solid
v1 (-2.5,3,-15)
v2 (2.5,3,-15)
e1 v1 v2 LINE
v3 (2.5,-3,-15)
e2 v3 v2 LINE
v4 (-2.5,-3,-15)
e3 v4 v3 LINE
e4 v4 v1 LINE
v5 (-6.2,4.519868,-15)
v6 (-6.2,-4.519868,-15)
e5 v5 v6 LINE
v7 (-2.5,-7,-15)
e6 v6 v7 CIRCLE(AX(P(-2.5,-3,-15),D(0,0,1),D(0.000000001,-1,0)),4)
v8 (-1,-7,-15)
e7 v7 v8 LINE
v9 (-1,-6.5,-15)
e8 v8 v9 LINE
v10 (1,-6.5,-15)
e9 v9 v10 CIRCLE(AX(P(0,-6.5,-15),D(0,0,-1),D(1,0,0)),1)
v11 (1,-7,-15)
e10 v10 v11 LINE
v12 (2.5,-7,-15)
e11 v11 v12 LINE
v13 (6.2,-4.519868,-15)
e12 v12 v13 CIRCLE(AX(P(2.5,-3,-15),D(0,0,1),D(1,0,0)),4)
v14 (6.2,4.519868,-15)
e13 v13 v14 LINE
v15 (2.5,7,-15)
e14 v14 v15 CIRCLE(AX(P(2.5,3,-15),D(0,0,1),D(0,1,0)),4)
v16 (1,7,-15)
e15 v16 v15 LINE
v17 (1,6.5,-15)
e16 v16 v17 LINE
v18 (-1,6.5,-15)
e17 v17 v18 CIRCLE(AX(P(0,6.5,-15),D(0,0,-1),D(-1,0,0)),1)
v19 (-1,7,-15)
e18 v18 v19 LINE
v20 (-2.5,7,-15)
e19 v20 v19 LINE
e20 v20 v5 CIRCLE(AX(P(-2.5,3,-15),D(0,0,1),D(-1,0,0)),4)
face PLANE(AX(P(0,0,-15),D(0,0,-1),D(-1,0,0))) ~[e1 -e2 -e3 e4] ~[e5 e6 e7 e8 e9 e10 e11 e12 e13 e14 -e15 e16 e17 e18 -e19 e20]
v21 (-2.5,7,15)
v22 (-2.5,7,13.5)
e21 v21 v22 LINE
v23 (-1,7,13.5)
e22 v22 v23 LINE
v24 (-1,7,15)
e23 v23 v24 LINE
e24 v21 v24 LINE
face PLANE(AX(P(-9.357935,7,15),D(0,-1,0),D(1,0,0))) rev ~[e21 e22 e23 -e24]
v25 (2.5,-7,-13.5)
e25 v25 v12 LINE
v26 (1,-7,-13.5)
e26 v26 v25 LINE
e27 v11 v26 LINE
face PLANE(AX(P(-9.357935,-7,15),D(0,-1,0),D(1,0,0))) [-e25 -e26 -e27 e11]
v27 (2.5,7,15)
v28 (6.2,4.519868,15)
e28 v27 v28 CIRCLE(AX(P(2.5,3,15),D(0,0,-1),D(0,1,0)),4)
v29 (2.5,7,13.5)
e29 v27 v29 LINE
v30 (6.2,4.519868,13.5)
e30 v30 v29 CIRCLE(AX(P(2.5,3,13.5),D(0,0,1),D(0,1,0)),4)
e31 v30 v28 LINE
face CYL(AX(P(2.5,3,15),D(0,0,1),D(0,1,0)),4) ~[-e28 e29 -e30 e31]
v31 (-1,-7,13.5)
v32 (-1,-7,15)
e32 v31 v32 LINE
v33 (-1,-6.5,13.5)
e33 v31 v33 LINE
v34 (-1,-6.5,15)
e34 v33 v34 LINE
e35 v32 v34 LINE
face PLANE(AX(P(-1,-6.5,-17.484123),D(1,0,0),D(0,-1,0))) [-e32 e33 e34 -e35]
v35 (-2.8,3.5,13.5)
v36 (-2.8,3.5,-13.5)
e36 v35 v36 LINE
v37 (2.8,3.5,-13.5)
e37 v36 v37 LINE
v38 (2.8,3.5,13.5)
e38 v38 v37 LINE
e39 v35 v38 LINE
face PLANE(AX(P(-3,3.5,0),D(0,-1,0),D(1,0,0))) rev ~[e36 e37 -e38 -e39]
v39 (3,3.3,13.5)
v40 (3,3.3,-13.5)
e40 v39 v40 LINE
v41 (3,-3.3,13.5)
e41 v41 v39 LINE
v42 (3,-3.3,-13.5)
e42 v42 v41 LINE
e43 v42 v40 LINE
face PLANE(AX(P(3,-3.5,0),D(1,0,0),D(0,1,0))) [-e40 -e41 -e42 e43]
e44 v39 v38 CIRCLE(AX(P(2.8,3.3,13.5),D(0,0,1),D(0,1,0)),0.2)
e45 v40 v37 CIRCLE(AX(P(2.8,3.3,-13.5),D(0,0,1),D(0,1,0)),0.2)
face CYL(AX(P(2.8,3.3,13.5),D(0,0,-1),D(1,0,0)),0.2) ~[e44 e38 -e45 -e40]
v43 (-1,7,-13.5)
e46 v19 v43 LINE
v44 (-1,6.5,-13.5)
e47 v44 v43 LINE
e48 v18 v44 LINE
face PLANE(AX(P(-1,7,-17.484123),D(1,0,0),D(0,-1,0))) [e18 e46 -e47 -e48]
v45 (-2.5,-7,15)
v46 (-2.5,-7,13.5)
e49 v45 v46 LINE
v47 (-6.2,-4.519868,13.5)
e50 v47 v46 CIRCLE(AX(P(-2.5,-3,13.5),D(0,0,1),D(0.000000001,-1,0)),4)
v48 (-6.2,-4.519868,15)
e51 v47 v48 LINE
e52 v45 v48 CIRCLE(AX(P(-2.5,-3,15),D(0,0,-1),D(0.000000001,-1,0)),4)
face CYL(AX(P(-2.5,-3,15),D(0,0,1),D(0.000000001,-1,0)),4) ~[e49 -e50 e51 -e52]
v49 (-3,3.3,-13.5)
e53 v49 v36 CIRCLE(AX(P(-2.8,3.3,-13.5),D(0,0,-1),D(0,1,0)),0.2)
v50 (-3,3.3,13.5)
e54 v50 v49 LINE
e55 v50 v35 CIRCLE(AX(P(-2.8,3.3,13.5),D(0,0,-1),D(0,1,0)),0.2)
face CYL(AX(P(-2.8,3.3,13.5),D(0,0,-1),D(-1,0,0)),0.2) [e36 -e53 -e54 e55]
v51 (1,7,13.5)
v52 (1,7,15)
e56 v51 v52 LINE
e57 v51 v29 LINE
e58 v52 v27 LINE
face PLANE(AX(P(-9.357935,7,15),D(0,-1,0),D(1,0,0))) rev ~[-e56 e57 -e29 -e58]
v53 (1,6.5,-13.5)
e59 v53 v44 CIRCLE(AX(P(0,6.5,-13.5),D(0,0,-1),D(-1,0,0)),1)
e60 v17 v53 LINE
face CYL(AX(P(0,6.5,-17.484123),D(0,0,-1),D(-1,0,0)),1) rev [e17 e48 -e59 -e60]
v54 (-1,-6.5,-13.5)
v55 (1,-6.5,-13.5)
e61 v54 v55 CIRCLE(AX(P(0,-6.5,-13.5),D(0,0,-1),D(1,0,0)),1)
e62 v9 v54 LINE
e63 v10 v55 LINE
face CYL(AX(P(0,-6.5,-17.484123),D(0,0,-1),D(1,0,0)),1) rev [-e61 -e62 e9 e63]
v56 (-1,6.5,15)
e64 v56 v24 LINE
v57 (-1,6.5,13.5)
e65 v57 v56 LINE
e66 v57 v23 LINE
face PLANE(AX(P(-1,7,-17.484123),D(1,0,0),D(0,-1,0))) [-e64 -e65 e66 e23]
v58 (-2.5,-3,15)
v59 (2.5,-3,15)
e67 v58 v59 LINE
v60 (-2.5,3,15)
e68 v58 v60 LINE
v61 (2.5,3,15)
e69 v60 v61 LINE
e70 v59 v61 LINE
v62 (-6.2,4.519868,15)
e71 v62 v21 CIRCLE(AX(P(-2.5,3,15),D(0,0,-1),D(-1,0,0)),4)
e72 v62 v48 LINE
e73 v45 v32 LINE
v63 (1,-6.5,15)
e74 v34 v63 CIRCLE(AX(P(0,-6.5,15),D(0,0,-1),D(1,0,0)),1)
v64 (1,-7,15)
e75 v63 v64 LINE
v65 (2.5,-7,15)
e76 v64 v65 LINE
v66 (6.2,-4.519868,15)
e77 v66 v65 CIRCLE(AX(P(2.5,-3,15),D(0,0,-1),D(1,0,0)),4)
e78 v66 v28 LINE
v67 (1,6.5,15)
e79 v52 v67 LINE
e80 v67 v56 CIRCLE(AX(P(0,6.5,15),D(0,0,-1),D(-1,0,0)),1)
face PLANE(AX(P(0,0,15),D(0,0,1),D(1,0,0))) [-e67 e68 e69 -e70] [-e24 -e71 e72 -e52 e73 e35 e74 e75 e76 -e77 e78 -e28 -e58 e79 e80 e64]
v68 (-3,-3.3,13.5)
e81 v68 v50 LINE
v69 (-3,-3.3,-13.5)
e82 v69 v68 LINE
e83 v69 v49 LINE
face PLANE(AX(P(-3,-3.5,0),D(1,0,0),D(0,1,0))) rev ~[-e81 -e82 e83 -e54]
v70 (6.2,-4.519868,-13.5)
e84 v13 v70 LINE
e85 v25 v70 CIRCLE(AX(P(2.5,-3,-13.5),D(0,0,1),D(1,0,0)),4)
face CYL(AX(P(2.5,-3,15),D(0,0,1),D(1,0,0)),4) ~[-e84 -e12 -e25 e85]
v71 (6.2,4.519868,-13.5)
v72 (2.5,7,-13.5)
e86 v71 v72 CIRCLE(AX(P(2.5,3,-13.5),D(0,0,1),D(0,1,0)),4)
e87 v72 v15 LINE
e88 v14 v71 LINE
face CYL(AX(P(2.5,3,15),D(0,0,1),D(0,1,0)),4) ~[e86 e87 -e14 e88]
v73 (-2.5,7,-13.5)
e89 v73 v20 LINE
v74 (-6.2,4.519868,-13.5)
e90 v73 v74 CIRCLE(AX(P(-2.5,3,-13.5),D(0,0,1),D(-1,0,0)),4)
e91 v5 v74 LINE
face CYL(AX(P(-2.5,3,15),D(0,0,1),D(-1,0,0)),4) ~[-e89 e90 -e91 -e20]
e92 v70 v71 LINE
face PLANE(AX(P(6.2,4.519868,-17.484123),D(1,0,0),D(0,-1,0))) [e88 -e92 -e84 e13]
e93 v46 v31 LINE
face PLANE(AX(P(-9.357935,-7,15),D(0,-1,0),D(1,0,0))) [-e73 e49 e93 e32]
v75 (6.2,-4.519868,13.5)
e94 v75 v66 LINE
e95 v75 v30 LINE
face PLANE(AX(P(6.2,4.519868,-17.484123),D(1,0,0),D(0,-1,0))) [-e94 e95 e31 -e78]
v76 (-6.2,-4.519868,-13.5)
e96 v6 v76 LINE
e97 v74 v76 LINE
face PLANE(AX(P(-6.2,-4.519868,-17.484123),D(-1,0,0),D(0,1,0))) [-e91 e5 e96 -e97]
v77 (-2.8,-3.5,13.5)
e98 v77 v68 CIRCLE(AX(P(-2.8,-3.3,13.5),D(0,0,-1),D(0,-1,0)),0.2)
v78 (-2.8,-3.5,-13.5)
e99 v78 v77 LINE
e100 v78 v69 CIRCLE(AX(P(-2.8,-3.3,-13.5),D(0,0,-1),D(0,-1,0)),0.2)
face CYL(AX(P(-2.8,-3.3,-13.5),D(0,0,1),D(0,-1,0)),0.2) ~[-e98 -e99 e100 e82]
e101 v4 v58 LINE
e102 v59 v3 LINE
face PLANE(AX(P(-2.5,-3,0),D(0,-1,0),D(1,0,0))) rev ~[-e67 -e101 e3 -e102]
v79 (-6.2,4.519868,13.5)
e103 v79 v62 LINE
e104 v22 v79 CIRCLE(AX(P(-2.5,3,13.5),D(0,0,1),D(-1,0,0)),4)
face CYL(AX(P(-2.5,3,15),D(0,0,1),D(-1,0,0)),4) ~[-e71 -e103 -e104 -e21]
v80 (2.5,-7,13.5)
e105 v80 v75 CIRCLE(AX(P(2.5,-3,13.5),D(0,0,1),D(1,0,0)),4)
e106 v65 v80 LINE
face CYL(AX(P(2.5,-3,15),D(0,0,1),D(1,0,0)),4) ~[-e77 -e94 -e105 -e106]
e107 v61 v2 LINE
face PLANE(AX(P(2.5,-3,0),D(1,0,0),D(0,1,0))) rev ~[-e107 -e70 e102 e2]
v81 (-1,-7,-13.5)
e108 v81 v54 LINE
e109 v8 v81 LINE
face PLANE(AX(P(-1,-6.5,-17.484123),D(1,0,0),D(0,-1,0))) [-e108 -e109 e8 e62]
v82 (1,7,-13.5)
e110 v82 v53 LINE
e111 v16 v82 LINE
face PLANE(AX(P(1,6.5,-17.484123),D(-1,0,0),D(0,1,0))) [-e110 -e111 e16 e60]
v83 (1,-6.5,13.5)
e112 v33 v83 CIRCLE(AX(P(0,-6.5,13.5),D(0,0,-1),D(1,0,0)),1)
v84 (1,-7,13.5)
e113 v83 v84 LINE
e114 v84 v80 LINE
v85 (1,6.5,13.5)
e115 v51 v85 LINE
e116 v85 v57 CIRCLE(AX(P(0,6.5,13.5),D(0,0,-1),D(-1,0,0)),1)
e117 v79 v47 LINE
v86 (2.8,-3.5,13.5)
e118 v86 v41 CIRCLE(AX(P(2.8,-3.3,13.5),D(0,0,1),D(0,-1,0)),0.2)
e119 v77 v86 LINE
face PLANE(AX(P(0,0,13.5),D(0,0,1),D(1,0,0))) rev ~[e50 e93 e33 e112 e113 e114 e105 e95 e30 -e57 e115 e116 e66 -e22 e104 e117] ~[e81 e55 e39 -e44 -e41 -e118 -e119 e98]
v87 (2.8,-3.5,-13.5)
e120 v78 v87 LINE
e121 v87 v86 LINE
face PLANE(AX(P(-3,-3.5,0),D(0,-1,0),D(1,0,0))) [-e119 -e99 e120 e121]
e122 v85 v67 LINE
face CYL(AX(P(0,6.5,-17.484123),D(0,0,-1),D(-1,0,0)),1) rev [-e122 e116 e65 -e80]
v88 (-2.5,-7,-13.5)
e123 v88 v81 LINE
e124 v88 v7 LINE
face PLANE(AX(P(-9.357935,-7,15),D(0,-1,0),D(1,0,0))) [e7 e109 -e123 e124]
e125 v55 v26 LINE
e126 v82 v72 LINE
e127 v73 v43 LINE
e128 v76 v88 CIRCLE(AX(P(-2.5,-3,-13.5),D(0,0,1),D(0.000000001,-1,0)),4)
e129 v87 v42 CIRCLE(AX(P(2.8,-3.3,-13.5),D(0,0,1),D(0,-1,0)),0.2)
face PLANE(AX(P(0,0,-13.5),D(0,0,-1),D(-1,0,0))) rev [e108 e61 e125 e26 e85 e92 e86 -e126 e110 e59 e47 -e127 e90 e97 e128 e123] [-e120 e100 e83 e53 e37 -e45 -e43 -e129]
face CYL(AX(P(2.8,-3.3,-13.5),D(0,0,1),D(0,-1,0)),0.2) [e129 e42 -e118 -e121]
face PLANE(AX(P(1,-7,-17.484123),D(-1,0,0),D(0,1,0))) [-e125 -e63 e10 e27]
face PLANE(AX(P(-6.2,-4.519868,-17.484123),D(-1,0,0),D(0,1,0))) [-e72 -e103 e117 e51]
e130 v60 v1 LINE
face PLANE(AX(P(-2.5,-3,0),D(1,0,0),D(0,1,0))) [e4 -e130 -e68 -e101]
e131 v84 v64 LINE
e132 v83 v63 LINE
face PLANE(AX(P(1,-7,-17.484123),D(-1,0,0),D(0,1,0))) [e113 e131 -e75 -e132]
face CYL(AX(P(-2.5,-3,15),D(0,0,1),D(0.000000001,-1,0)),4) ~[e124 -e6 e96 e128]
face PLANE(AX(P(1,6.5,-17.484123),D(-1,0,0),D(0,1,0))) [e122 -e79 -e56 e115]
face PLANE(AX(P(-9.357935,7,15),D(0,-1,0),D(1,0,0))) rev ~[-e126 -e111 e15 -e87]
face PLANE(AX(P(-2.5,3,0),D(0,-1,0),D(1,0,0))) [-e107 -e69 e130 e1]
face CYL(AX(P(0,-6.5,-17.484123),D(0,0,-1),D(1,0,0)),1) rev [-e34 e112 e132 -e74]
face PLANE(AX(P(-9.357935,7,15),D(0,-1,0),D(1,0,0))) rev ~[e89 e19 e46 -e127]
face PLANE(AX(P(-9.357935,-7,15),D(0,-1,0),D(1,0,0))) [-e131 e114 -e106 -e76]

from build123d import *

# Parameters (mm, degrees)
SKETCH_1_W               = 6
SKETCH_1_H               = 7
SKETCH_1_W_2             = 5
SKETCH_1_H_2             = 6
EXTRUDE_1_DEPTH          = 15
SKETCH_2_W               = 6
SKETCH_2_H               = 7
EXTRUDE_2_DEPTH          = 1.5
SKETCH_3_R               = 19.100398606
SKETCH_3_W               = 18.715870292
SKETCH_3_H               = 14
CUT_EXTRUDE_1_DEPTH      = 33.132538026
CUT_EXTRUDE_2_DEPTH      = 32.484122983
CUT_EXTRUDE_3_DEPTH      = 32.484122983
CUT_EXTRUDE_3_DEPTH_BACK = 32.484122983
FILLET_1_R               = 0.2


with BuildPart() as part:
    # 草图1 → 凸台-拉伸1 (new, symmetric)
    with BuildSketch(Plane.XY):
        Rectangle(SKETCH_1_W, SKETCH_1_H)
        Rectangle(SKETCH_1_W_2, SKETCH_1_H_2, mode=Mode.SUBTRACT)
    extrude(amount=EXTRUDE_1_DEPTH, both=True)

    # 草图2 → 凸台-拉伸2 (add)
    with BuildSketch(Plane.XY.offset(15)):
        with BuildLine():
            Line((-6.5, 6.92820323), (-6.5, -6.92820323))
            ThreePointArc((-6.5, -6.92820323), (0, -9.5), (6.5, -6.92820323))
            Line((6.5, -6.92820323), (6.5, 6.92820323))
            ThreePointArc((6.5, 6.92820323), (0, 9.5), (-6.5, 6.92820323))
        make_face()
        Rectangle(SKETCH_2_W, SKETCH_2_H, mode=Mode.SUBTRACT)
    extrude_2 = extrude(amount=-EXTRUDE_2_DEPTH)

    # 镜向1: 凸台-拉伸2 across plane
    add(extrude_2.mirror(Plane.XY))

    # 草图3 → 切除-拉伸1 (cut, through all)
    with BuildSketch(Plane.XY.offset(15)):
        Circle(SKETCH_3_R)
        Rectangle(SKETCH_3_W, SKETCH_3_H, mode=Mode.SUBTRACT)
    extrude(amount=-CUT_EXTRUDE_1_DEPTH, mode=Mode.SUBTRACT)

    # 草图4 → 切除-拉伸2 (cut, through all)
    with BuildSketch(Plane.XY.offset(15)):
        with BuildLine():
            Line((-6.5, 6.92820323), (-6.5, 3))
            ThreePointArc((-6.5, 3), (-5.328427125, 5.828427125), (-2.5, 7))
            Line((-2.5, 7), (-6.422616289, 7))
            ThreePointArc((-6.422616289, 7), (-6.461407868, 6.964209098), (-6.5, 6.92820323))
        make_face()
        with BuildLine():
            ThreePointArc((2.5, 7), (5.328427125, 5.828427125), (6.5, 3))
            Line((6.5, 3), (6.5, 6.92820323))
            ThreePointArc((6.5, 6.92820323), (6.461407868, 6.964209098), (6.422616289, 7))
            Line((6.422616289, 7), (2.5, 7))
        make_face()
        with BuildLine():
            ThreePointArc((6.5, -3), (5.328427127, -5.828427123), (2.500000005, -7))
            Line((2.500000005, -7), (6.422616289, -7))
            ThreePointArc((6.422616289, -7), (6.461407868, -6.964209098), (6.5, -6.92820323))
            Line((6.5, -6.92820323), (6.5, -3))
        make_face()
        with BuildLine():
            ThreePointArc((-6.5, -6.92820323), (-6.461407868, -6.964209098), (-6.422616289, -7))
            Line((-6.422616289, -7), (-2.499999995, -7))
            ThreePointArc((-2.499999995, -7), (-5.328427123, -5.828427127), (-6.5, -3))
            Line((-6.5, -3), (-6.5, -6.92820323))
        make_face()
    extrude(amount=-CUT_EXTRUDE_2_DEPTH, mode=Mode.SUBTRACT)

    # 草图5 → 切除-拉伸3 (cut, two sides: drawn at the far end of the back side and taken through both)
    with BuildSketch(Plane.XY.offset(15).offset(-CUT_EXTRUDE_3_DEPTH_BACK)):
        with BuildLine():
            Line((1, 7), (-1, 7))
            Line((-1, 7), (-1, 6.5))
            ThreePointArc((-1, 6.5), (0, 5.5), (1, 6.5))
            Line((1, 6.5), (1, 7))
        make_face()
        with BuildLine():
            Line((-1, -6.5), (-1, -7))
            Line((-1, -7), (1, -7))
            Line((1, -7), (1, -6.5))
            ThreePointArc((1, -6.5), (0, -5.5), (-1, -6.5))
        make_face()
        with BuildLine():
            Line((-6.2, -4.519868415), (-6.2, 4.519868415))
            ThreePointArc((-6.2, 4.519868415), (-6.424283374, 3.774596669), (-6.5, 3))
            Line((-6.5, 3), (-6.5, -3))
            ThreePointArc((-6.5, -3), (-6.424283374, -3.774596669), (-6.2, -4.519868415))
        make_face()
        with BuildLine():
            ThreePointArc((6.5, 3), (6.424283374, 3.774596669), (6.2, 4.519868415))
            Line((6.2, 4.519868415), (6.2, -4.519868415))
            ThreePointArc((6.2, -4.519868415), (6.424283374, -3.774596669), (6.5, -3))
            Line((6.5, -3), (6.5, 3))
        make_face()
    extrude(amount=CUT_EXTRUDE_3_DEPTH + CUT_EXTRUDE_3_DEPTH_BACK, mode=Mode.SUBTRACT)

    # 圆角1
    fillet_1_edges = [part.edges().sort_by_distance(p)[0] for p in [
        (-3, 3.5, 0),
        (3, 3.5, 0),
        (3, -3.5, 0),
        (-3, -3.5, 0),
    ]]
    fillet(fillet_1_edges, radius=FILLET_1_R)


solid = part.part
